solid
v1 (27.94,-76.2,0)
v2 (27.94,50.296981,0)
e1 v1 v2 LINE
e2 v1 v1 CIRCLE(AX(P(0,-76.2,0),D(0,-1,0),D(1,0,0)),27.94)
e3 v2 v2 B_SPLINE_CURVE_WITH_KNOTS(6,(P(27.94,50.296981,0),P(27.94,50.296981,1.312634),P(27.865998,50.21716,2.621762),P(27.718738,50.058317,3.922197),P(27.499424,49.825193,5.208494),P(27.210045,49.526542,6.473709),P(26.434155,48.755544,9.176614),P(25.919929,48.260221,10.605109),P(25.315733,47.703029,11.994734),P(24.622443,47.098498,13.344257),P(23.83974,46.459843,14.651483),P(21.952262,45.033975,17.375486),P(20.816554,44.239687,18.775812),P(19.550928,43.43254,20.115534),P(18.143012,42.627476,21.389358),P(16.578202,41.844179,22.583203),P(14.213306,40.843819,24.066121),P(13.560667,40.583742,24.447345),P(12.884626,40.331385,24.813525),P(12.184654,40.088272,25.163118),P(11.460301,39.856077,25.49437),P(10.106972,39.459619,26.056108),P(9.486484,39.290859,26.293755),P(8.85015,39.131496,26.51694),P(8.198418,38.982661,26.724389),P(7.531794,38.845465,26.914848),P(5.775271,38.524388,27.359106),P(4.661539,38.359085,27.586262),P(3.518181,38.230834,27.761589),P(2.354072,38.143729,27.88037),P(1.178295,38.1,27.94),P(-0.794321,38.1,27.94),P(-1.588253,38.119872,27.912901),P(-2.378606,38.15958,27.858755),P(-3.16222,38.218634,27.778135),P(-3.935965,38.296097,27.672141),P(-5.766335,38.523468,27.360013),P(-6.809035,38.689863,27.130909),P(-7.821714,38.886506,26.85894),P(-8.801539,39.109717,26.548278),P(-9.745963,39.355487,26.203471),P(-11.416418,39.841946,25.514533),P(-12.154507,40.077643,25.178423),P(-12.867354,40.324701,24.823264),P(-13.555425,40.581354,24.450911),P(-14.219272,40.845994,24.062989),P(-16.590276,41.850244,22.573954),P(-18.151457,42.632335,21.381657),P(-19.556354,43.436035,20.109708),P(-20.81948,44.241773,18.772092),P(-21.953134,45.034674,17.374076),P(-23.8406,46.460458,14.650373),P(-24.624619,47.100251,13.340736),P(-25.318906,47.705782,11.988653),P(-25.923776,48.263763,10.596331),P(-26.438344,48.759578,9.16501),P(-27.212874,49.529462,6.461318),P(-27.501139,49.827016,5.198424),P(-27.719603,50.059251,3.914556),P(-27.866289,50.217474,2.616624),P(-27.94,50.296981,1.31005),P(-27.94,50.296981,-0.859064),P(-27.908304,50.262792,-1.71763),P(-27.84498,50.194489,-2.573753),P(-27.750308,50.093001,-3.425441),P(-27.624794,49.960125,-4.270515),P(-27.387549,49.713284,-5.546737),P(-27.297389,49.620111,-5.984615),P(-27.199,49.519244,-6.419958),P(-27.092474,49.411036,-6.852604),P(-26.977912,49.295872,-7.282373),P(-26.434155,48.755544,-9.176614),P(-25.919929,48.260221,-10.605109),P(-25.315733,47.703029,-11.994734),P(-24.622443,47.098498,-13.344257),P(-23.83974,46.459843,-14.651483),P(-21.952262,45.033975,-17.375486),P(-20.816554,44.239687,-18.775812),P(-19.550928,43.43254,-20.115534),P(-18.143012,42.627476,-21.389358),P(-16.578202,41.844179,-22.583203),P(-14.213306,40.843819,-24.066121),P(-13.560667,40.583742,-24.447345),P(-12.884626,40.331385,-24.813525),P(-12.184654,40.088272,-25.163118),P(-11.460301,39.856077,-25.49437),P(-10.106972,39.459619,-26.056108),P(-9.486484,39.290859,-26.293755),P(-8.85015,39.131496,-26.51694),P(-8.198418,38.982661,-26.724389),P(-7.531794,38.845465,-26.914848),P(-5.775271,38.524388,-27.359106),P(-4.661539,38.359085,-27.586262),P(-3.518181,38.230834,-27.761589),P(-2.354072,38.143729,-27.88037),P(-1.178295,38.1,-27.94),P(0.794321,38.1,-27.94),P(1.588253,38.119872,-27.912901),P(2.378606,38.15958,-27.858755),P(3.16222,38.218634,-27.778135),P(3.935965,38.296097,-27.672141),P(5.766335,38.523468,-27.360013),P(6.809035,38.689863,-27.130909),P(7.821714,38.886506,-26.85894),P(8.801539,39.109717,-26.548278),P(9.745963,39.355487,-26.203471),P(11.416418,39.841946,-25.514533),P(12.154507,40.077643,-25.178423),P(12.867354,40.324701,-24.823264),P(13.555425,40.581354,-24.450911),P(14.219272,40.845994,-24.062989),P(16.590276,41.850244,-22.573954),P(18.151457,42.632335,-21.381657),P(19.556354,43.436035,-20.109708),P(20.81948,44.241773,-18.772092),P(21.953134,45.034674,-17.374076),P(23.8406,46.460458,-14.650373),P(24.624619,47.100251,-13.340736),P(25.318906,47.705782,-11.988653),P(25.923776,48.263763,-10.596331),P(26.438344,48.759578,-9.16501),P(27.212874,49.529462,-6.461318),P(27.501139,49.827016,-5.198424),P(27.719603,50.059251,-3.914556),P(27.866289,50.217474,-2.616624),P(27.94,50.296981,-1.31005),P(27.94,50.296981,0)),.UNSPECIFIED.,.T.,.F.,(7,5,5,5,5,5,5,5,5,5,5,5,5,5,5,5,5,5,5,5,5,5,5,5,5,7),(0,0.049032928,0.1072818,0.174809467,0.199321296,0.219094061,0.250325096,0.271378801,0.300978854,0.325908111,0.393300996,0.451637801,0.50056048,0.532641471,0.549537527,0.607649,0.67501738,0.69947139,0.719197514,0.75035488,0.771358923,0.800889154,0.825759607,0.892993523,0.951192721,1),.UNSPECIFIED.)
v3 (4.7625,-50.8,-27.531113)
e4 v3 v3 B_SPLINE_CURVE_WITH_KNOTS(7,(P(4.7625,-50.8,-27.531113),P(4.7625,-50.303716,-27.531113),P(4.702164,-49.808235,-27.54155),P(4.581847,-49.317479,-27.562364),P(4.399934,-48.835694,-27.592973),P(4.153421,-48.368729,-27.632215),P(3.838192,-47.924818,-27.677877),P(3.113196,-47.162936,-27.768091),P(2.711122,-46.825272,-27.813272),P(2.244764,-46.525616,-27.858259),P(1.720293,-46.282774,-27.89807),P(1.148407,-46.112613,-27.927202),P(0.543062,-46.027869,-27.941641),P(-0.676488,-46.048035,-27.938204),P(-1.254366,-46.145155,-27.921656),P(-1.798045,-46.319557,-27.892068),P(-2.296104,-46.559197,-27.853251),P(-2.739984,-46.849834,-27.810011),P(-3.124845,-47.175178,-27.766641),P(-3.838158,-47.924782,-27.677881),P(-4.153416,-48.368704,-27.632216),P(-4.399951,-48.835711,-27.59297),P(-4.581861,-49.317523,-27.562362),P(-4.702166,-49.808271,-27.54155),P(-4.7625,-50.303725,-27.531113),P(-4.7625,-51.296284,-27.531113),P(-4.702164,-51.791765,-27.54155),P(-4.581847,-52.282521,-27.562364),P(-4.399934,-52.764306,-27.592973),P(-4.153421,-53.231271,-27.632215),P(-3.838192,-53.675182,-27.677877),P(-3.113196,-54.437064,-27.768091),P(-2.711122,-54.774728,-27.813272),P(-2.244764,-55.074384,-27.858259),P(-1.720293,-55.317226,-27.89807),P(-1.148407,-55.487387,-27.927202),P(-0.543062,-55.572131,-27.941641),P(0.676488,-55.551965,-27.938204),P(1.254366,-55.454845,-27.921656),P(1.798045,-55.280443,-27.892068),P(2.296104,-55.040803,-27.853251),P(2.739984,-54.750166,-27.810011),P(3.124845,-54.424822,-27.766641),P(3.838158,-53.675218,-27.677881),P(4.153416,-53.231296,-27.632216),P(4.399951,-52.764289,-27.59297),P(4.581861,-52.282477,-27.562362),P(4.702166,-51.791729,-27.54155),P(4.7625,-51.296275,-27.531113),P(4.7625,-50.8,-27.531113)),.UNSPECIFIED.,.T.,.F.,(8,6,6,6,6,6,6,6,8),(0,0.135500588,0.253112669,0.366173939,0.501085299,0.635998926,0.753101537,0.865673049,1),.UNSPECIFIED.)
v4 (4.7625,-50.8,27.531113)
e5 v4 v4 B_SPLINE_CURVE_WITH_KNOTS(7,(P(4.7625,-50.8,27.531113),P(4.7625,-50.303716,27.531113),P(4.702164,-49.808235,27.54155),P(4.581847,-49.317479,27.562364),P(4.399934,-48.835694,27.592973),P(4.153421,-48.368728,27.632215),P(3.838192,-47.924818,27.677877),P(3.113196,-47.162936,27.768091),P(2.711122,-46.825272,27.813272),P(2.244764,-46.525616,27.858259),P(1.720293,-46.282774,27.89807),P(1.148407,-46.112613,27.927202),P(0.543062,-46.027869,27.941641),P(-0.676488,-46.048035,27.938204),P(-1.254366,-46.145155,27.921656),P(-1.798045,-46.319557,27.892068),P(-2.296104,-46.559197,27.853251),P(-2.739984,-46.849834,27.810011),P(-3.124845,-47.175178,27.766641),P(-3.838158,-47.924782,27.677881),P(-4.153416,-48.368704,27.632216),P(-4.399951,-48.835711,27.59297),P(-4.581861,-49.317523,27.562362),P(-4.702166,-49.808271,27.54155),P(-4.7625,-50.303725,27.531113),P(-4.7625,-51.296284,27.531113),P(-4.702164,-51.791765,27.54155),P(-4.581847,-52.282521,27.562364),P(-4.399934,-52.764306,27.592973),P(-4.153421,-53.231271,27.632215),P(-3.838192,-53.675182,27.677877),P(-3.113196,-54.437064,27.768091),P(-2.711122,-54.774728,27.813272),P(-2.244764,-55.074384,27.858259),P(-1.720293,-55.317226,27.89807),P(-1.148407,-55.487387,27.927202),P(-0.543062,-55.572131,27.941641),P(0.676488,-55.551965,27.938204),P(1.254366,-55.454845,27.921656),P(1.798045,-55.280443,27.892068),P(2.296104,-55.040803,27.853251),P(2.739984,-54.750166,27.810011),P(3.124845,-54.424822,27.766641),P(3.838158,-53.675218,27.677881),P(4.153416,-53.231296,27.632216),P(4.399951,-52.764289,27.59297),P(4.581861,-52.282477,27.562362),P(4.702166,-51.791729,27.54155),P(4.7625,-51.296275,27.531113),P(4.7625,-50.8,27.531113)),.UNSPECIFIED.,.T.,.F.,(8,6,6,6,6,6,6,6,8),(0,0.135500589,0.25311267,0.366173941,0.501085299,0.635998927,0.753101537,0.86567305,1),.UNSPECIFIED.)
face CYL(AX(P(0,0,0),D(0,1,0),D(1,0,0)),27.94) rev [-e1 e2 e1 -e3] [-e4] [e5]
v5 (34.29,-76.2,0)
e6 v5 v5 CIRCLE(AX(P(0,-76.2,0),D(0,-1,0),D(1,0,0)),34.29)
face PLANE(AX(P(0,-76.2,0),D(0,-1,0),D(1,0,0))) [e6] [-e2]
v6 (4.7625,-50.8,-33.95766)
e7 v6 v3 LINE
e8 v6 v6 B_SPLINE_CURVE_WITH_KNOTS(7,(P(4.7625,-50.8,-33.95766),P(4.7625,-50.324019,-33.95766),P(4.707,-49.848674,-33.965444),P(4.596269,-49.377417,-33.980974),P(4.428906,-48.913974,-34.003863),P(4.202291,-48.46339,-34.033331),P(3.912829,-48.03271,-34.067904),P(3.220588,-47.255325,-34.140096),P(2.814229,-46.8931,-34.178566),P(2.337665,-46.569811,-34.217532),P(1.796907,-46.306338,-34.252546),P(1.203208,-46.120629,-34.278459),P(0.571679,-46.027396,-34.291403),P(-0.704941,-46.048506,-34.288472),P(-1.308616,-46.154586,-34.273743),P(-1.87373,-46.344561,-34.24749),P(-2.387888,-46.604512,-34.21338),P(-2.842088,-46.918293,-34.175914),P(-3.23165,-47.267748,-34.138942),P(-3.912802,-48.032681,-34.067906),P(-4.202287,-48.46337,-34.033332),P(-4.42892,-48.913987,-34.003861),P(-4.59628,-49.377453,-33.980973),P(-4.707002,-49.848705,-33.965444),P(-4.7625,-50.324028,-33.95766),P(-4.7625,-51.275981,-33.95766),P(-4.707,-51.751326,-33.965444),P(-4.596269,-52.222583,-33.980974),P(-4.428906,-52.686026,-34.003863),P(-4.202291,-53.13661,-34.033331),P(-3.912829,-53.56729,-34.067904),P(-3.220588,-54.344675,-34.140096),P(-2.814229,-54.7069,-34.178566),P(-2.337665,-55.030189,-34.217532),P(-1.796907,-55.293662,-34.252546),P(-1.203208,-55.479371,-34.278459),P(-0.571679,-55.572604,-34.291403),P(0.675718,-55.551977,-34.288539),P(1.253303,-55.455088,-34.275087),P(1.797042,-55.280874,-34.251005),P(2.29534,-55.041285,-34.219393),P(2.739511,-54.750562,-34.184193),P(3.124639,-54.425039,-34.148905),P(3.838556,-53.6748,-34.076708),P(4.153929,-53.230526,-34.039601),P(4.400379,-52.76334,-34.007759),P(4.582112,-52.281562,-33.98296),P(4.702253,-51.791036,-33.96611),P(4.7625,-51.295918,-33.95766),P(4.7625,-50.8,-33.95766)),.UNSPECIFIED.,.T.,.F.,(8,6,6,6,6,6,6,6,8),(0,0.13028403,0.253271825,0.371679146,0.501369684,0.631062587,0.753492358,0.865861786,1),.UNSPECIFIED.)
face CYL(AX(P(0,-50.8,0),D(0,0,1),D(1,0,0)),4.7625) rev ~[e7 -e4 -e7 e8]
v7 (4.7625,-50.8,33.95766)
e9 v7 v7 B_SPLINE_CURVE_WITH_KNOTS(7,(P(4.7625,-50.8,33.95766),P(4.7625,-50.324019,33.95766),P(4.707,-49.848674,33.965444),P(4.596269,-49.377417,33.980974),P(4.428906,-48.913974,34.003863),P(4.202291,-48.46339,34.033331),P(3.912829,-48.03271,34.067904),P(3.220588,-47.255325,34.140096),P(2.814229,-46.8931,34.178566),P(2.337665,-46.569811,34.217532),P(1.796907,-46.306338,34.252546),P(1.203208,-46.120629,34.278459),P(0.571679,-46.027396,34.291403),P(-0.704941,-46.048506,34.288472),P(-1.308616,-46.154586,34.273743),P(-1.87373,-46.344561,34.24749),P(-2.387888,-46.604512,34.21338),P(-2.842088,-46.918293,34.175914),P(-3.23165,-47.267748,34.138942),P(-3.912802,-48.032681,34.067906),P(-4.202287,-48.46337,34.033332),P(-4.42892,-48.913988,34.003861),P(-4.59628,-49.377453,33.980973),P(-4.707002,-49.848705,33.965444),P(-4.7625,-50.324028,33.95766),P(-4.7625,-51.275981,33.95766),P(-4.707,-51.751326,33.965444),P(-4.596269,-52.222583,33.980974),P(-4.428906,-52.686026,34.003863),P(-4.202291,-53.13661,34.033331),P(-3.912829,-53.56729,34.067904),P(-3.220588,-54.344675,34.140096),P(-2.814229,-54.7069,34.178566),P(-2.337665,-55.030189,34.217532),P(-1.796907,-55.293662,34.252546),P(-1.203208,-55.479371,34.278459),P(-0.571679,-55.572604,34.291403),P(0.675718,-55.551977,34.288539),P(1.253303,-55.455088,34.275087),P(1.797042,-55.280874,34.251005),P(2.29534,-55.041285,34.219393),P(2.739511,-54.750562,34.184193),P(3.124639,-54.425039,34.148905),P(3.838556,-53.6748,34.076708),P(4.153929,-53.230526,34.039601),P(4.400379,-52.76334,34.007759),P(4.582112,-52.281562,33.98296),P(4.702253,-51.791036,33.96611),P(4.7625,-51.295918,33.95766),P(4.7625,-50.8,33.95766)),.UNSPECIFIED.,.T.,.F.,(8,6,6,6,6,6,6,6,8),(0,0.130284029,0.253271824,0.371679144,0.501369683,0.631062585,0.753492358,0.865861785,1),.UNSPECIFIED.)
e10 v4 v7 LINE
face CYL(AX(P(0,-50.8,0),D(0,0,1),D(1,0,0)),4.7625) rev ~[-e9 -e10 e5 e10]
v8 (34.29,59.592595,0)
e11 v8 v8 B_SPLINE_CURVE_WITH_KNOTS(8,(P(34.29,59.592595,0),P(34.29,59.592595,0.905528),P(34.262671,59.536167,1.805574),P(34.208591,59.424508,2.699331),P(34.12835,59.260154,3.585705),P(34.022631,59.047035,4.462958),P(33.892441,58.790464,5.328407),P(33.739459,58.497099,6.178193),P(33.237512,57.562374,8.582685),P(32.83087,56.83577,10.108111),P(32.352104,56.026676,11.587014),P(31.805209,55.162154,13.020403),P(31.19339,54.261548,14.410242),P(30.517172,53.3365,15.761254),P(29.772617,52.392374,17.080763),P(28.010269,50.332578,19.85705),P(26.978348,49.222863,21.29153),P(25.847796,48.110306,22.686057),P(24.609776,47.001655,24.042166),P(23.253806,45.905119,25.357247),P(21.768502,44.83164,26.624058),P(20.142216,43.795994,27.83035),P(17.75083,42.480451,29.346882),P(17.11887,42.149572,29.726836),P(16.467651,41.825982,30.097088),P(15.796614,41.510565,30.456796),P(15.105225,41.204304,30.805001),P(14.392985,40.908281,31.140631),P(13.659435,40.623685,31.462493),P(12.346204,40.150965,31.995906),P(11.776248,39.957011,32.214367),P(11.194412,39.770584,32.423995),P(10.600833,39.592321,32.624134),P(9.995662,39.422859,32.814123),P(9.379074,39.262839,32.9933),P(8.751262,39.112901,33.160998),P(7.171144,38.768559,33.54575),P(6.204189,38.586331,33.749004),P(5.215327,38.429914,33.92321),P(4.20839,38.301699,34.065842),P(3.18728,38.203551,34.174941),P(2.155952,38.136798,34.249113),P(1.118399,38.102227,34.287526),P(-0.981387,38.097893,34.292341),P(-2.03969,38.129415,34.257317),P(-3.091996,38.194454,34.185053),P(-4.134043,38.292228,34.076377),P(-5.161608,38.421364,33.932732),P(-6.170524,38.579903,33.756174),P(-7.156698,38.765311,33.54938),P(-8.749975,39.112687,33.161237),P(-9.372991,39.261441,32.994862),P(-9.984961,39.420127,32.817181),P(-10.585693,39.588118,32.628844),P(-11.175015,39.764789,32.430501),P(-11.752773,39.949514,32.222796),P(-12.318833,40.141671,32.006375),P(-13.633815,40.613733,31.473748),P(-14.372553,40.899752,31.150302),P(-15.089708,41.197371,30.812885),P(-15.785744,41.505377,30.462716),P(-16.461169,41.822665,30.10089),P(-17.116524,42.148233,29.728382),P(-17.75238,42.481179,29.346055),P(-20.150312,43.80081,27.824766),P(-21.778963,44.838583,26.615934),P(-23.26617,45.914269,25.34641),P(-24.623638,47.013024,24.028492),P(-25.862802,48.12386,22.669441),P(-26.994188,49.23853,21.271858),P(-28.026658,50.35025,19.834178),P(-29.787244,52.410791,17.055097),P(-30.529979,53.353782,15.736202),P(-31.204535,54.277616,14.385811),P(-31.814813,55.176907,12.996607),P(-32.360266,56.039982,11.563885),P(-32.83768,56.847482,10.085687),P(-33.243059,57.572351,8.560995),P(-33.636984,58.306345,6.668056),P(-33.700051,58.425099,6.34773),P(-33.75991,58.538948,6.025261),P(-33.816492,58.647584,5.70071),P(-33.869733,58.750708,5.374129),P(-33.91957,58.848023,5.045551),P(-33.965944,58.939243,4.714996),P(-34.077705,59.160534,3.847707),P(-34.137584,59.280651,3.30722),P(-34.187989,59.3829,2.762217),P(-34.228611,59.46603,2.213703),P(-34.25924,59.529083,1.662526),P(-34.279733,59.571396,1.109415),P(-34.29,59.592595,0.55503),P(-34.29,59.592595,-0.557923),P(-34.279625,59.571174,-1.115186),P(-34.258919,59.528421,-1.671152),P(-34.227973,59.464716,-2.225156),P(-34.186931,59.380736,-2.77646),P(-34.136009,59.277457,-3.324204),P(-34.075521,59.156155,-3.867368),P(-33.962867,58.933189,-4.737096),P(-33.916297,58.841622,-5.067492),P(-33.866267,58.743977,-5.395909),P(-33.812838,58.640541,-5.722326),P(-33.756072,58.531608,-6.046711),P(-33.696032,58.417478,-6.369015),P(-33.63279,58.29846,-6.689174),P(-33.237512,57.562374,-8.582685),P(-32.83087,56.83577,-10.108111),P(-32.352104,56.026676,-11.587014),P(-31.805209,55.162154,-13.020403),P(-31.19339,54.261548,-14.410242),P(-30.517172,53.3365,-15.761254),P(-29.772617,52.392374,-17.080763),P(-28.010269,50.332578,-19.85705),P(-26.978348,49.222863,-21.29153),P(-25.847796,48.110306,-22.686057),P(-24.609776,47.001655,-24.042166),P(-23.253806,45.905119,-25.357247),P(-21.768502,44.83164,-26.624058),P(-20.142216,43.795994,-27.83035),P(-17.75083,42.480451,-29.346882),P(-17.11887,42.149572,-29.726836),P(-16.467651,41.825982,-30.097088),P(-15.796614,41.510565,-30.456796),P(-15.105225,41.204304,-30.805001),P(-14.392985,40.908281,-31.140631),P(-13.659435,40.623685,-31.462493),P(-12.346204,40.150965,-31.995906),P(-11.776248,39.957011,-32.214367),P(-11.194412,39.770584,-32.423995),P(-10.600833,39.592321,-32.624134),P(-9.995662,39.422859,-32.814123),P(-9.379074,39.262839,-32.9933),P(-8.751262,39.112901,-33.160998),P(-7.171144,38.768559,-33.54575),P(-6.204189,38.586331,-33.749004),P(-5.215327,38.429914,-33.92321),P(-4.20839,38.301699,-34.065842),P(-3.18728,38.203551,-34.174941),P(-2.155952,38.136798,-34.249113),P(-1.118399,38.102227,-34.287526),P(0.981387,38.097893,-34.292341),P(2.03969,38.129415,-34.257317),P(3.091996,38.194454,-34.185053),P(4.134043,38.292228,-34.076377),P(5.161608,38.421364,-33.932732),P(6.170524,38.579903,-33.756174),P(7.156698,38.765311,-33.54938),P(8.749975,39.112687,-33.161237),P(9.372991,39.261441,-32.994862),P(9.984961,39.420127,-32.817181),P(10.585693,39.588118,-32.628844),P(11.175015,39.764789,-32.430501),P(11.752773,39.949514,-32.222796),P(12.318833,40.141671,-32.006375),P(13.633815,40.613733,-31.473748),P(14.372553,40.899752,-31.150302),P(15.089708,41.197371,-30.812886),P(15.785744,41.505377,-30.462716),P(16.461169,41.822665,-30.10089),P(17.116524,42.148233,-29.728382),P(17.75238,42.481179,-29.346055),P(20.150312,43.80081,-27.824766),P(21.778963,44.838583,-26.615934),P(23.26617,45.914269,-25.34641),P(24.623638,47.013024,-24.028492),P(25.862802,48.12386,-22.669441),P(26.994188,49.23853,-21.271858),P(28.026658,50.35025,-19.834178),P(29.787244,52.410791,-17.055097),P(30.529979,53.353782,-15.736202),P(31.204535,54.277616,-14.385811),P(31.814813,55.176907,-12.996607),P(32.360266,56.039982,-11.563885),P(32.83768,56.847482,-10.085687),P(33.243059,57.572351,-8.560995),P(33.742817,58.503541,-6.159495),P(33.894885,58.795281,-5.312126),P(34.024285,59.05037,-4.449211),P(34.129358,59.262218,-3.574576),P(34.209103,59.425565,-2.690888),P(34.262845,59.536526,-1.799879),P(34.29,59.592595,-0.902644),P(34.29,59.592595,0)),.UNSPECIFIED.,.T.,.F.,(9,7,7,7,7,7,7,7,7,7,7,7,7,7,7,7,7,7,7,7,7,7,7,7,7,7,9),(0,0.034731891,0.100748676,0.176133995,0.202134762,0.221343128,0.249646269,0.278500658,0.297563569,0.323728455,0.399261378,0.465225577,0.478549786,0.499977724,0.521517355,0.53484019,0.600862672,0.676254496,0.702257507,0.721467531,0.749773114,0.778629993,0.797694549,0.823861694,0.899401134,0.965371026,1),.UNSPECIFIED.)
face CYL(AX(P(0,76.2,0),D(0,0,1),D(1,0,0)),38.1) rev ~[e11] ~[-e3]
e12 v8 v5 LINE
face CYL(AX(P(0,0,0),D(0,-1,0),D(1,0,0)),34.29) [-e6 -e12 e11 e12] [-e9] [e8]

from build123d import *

# Parameters (mm, degrees)
F0_R     = 34.29
F0_R_2   = 27.94
F1_DEPTH = 76.2
F2_R     = 4.7625
F3_DEPTH = 38.1
F4_R     = 38.1
F5_DEPTH = 38.1


with BuildPart() as f1:
    # F0 (on Front) → F1 (new body, symmetric)
    with BuildSketch(Plane.XZ):
        Circle(F0_R)
        Circle(F0_R_2, mode=Mode.SUBTRACT)
    extrude(amount=F1_DEPTH, both=True)

    # F2 (on Top) → F3 (cut, symmetric)
    with BuildSketch(Plane.XY):
        with Locations((0, -50.8)):
            Circle(F2_R)
    extrude(amount=F3_DEPTH, both=True, mode=Mode.SUBTRACT)

    # F4 (on Top) → F5 (cut, symmetric)
    with BuildSketch(Plane.XY):
        with Locations((0, 76.2)):
            Circle(F4_R)
    extrude(amount=F5_DEPTH, both=True, mode=Mode.SUBTRACT)


solid = f1.part
